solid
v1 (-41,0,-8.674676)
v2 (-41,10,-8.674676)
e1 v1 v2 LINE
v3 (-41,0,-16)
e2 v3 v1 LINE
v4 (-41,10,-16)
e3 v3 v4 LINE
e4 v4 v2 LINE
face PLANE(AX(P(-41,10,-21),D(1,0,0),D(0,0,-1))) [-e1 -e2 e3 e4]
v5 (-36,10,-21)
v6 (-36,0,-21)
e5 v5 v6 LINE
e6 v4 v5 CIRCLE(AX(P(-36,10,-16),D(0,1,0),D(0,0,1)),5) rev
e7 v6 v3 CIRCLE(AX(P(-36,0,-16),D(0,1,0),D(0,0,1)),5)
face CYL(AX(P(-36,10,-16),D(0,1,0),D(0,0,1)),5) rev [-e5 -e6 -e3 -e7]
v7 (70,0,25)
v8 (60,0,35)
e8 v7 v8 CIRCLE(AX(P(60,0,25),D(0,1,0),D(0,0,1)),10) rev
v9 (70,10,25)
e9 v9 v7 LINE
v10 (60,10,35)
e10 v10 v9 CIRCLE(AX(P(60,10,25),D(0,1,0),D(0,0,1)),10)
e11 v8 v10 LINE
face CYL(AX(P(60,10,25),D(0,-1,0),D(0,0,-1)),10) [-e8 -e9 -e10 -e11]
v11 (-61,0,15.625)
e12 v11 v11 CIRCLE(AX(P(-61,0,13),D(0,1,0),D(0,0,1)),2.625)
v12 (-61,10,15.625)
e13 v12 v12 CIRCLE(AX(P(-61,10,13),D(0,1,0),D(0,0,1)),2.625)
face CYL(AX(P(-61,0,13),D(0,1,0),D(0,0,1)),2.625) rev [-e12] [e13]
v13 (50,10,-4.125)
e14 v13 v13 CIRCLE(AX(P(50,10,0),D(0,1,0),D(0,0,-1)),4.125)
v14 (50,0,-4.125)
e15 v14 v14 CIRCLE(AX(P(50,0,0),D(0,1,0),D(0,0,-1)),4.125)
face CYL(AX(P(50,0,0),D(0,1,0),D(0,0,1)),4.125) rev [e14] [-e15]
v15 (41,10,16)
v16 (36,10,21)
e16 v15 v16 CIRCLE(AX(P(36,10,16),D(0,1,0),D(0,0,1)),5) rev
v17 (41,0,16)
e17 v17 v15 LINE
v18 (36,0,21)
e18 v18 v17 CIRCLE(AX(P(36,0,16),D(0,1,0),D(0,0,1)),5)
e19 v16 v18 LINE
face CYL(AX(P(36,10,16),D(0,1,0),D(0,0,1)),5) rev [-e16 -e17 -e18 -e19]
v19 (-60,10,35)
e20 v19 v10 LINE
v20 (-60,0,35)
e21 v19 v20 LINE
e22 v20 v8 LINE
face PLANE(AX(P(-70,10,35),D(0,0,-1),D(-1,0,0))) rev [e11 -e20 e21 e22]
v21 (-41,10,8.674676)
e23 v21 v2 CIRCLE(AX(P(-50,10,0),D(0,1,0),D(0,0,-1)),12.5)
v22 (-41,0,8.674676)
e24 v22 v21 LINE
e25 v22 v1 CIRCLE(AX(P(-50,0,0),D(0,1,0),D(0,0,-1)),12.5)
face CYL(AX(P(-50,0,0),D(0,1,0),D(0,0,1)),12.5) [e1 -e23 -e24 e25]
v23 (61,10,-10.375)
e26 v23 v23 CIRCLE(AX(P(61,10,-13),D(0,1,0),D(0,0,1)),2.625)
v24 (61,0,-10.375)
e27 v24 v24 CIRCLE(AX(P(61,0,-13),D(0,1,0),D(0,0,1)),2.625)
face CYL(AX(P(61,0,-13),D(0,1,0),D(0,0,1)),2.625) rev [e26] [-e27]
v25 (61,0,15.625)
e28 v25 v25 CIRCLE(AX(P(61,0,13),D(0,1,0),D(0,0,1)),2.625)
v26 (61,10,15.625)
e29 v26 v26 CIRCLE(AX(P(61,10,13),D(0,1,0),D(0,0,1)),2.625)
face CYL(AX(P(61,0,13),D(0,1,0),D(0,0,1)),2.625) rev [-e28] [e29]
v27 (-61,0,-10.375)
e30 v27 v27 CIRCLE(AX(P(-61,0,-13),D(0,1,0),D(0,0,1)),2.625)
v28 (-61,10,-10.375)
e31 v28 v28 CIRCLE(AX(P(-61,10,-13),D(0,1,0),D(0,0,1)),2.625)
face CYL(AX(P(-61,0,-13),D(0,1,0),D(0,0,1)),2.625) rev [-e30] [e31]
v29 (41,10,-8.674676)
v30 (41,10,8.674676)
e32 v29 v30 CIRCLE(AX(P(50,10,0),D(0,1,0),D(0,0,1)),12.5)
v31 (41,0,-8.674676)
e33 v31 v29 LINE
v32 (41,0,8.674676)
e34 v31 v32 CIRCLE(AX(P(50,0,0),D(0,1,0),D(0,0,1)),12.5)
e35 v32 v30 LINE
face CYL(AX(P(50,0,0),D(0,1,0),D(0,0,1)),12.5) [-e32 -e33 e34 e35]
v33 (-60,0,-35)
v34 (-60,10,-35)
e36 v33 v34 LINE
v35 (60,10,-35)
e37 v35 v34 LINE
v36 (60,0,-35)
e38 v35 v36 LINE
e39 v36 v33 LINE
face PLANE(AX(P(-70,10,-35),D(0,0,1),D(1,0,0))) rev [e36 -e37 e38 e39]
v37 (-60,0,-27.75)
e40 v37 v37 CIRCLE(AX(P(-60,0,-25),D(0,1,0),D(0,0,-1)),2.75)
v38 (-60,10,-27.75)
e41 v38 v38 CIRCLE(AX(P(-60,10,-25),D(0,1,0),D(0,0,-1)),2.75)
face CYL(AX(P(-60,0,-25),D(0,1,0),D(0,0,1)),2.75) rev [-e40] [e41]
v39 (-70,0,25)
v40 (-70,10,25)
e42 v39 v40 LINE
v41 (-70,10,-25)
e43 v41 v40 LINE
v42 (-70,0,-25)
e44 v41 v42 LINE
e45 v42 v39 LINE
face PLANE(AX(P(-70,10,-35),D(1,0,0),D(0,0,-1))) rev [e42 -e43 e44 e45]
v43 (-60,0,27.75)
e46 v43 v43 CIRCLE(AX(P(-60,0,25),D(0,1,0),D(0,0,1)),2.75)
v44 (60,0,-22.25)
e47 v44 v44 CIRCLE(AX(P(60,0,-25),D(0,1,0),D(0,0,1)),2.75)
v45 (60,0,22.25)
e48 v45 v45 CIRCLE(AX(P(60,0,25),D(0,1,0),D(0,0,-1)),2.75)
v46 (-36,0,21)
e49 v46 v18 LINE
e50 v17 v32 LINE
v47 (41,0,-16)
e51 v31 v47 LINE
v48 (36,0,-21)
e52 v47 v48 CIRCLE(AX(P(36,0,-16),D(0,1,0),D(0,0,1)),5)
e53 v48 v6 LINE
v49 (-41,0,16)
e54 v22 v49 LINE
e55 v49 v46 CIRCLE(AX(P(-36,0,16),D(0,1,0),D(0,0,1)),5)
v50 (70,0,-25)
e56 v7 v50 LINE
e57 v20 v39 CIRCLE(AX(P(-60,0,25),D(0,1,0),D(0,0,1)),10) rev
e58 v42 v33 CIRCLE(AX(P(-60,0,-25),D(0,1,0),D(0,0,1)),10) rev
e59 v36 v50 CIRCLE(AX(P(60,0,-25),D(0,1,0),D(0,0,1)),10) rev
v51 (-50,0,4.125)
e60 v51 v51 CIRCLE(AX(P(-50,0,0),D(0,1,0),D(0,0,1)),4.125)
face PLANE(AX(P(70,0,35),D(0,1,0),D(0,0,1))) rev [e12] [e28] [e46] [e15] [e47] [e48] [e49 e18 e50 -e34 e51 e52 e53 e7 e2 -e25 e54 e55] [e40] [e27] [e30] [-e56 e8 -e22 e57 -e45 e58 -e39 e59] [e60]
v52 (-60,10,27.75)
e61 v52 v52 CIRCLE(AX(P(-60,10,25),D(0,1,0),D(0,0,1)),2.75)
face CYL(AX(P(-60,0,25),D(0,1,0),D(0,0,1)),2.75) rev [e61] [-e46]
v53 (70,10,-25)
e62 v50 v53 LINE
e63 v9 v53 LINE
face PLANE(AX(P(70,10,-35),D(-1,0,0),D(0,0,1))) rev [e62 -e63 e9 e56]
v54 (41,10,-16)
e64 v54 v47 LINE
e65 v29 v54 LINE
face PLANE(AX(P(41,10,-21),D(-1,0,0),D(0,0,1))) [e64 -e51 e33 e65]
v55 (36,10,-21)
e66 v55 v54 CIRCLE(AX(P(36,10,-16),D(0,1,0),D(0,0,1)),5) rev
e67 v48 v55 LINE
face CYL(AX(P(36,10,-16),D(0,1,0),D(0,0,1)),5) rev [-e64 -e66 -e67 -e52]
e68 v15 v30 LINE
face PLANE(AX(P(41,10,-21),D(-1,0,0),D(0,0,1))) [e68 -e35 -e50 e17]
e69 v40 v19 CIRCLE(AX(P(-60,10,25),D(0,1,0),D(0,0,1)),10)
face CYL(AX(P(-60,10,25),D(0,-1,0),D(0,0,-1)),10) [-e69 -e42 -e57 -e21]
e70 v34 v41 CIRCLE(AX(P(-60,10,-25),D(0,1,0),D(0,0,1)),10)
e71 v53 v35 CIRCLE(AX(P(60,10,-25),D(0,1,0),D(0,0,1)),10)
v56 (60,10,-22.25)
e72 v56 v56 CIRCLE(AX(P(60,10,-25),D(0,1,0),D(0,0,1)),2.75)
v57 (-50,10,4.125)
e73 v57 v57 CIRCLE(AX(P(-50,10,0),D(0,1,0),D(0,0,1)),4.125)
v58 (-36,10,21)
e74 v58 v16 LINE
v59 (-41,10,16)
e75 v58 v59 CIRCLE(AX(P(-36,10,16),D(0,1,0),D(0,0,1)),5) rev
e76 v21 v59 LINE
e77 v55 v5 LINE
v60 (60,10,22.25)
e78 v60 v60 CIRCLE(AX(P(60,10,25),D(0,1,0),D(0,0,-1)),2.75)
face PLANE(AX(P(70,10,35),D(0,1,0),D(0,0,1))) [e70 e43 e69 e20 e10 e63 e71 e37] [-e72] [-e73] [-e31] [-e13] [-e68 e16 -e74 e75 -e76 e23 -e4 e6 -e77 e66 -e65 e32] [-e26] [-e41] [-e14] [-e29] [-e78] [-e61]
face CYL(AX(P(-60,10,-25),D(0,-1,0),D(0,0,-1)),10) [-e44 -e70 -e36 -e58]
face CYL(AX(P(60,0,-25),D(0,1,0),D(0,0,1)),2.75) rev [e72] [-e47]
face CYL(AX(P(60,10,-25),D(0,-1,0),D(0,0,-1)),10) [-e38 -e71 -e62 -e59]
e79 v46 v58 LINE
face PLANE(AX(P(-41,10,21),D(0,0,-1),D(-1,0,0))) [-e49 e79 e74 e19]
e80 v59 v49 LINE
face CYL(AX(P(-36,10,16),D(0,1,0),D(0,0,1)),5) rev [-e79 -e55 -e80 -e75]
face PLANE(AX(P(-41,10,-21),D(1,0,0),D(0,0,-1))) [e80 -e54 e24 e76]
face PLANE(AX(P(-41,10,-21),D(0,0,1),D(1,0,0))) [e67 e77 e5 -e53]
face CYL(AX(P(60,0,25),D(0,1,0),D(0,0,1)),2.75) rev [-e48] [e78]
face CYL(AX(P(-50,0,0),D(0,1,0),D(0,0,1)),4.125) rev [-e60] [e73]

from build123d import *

# Parameters (mm, degrees)
SKETCH1_W           = 140
SKETCH1_H           = 70
SKETCH1_W_2         = 82
SKETCH1_H_2         = 42
BOSS_EXTRUDE1_DEPTH = 10
FILLET1_R           = 10
SKETCH2_R           = 2.75
CUT_EXTRUDE1_DEPTH  = 79.89866919
SKETCH3_R           = 4.125
CUT_EXTRUDE2_DEPTH  = 79.89866919
BOSS_EXTRUDE2_DEPTH = 10
FILLET2_R           = 5
SKETCH5_R           = 2.625
CUT_EXTRUDE3_DEPTH  = 79.89866919


with BuildPart() as part:
    # Sketch1 → Boss-Extrude1 (new body)
    with BuildSketch(Plane(origin=(0, 0, 0), x_dir=(1, 0, 0), z_dir=(0, 1, 0))):
        Rectangle(SKETCH1_W, SKETCH1_H)
        Rectangle(SKETCH1_W_2, SKETCH1_H_2, mode=Mode.SUBTRACT)
    extrude(amount=BOSS_EXTRUDE1_DEPTH)

    # Fillet1
    fillet1_edges = [part.edges().sort_by_distance(p)[0] for p in [
        (70, 5, 35),
        (-70, 5, 35),
        (-70, 5, -35),
        (70, 5, -35),
    ]]
    fillet(fillet1_edges, radius=FILLET1_R)

    # Sketch2 → Cut-Extrude1 (cut, through all)
    with BuildSketch(Plane(origin=(0, 10, 0), x_dir=(1, 0, 0), z_dir=(0, 1, 0))):
        with Locations(Location((-60, -25, 0), (0, 0, 270))):
            Circle(SKETCH2_R)
        with Locations(Location((-60, 25, 0), (0, 0, 90))):
            Circle(SKETCH2_R)
        with Locations(Location((60, -25, 0), (0, 0, 90))):
            Circle(SKETCH2_R)
        with Locations(Location((60, 25, 0), (0, 0, 270))):
            Circle(SKETCH2_R)
    extrude(amount=-CUT_EXTRUDE1_DEPTH, mode=Mode.SUBTRACT)

    # Sketch3 → Cut-Extrude2 (cut, through all)
    with BuildSketch(Plane(origin=(0, 10, 0), x_dir=(1, 0, 0), z_dir=(0, 1, 0))):
        with Locations(Location((-50, 0, 0), (0, 0, 270))):
            Circle(SKETCH3_R)
        with Locations(Location((50, 0, 0), (0, 0, 90))):
            Circle(SKETCH3_R)
    extrude(amount=-CUT_EXTRUDE2_DEPTH, mode=Mode.SUBTRACT)

    # Sketch4 → Boss-Extrude2 (add)
    with BuildSketch(Plane(origin=(0, 10, 0), x_dir=(1, 0, 0), z_dir=(0, 1, 0))):
        with BuildLine():
            Line((-41, 8.674675786), (-41, -8.674675786))
            ThreePointArc((-41, -8.674675786), (-37.5, 0), (-41, 8.674675786))
        make_face()
        with BuildLine():
            Line((41, 8.674675786), (41, -8.674675786))
            ThreePointArc((41, -8.674675786), (37.5, 0), (41, 8.674675786))
        make_face()
    extrude(amount=-BOSS_EXTRUDE2_DEPTH)

    # Fillet2
    fillet2_edges = [part.edges().sort_by_distance(p)[0] for p in [
        (41, 5, 21),
        (41, 5, -21),
        (-41, 5, -21),
        (-41, 5, 21),
    ]]
    fillet(fillet2_edges, radius=FILLET2_R)

    # Sketch5 → Cut-Extrude3 (cut, through all)
    with BuildSketch(Plane(origin=(0, 10, 0), x_dir=(1, 0, 0), z_dir=(0, 1, 0))):
        with Locations(Location((-61, 13, 0), (0, 0, 270))):
            Circle(SKETCH5_R)
        with Locations(Location((-61, -13, 0), (0, 0, 270))):
            Circle(SKETCH5_R)
        with Locations(Location((61, 13, 0), (0, 0, 270))):
            Circle(SKETCH5_R)
        with Locations(Location((61, -13, 0), (0, 0, 270))):
            Circle(SKETCH5_R)
    extrude(amount=-CUT_EXTRUDE3_DEPTH, mode=Mode.SUBTRACT)


solid = part.part
